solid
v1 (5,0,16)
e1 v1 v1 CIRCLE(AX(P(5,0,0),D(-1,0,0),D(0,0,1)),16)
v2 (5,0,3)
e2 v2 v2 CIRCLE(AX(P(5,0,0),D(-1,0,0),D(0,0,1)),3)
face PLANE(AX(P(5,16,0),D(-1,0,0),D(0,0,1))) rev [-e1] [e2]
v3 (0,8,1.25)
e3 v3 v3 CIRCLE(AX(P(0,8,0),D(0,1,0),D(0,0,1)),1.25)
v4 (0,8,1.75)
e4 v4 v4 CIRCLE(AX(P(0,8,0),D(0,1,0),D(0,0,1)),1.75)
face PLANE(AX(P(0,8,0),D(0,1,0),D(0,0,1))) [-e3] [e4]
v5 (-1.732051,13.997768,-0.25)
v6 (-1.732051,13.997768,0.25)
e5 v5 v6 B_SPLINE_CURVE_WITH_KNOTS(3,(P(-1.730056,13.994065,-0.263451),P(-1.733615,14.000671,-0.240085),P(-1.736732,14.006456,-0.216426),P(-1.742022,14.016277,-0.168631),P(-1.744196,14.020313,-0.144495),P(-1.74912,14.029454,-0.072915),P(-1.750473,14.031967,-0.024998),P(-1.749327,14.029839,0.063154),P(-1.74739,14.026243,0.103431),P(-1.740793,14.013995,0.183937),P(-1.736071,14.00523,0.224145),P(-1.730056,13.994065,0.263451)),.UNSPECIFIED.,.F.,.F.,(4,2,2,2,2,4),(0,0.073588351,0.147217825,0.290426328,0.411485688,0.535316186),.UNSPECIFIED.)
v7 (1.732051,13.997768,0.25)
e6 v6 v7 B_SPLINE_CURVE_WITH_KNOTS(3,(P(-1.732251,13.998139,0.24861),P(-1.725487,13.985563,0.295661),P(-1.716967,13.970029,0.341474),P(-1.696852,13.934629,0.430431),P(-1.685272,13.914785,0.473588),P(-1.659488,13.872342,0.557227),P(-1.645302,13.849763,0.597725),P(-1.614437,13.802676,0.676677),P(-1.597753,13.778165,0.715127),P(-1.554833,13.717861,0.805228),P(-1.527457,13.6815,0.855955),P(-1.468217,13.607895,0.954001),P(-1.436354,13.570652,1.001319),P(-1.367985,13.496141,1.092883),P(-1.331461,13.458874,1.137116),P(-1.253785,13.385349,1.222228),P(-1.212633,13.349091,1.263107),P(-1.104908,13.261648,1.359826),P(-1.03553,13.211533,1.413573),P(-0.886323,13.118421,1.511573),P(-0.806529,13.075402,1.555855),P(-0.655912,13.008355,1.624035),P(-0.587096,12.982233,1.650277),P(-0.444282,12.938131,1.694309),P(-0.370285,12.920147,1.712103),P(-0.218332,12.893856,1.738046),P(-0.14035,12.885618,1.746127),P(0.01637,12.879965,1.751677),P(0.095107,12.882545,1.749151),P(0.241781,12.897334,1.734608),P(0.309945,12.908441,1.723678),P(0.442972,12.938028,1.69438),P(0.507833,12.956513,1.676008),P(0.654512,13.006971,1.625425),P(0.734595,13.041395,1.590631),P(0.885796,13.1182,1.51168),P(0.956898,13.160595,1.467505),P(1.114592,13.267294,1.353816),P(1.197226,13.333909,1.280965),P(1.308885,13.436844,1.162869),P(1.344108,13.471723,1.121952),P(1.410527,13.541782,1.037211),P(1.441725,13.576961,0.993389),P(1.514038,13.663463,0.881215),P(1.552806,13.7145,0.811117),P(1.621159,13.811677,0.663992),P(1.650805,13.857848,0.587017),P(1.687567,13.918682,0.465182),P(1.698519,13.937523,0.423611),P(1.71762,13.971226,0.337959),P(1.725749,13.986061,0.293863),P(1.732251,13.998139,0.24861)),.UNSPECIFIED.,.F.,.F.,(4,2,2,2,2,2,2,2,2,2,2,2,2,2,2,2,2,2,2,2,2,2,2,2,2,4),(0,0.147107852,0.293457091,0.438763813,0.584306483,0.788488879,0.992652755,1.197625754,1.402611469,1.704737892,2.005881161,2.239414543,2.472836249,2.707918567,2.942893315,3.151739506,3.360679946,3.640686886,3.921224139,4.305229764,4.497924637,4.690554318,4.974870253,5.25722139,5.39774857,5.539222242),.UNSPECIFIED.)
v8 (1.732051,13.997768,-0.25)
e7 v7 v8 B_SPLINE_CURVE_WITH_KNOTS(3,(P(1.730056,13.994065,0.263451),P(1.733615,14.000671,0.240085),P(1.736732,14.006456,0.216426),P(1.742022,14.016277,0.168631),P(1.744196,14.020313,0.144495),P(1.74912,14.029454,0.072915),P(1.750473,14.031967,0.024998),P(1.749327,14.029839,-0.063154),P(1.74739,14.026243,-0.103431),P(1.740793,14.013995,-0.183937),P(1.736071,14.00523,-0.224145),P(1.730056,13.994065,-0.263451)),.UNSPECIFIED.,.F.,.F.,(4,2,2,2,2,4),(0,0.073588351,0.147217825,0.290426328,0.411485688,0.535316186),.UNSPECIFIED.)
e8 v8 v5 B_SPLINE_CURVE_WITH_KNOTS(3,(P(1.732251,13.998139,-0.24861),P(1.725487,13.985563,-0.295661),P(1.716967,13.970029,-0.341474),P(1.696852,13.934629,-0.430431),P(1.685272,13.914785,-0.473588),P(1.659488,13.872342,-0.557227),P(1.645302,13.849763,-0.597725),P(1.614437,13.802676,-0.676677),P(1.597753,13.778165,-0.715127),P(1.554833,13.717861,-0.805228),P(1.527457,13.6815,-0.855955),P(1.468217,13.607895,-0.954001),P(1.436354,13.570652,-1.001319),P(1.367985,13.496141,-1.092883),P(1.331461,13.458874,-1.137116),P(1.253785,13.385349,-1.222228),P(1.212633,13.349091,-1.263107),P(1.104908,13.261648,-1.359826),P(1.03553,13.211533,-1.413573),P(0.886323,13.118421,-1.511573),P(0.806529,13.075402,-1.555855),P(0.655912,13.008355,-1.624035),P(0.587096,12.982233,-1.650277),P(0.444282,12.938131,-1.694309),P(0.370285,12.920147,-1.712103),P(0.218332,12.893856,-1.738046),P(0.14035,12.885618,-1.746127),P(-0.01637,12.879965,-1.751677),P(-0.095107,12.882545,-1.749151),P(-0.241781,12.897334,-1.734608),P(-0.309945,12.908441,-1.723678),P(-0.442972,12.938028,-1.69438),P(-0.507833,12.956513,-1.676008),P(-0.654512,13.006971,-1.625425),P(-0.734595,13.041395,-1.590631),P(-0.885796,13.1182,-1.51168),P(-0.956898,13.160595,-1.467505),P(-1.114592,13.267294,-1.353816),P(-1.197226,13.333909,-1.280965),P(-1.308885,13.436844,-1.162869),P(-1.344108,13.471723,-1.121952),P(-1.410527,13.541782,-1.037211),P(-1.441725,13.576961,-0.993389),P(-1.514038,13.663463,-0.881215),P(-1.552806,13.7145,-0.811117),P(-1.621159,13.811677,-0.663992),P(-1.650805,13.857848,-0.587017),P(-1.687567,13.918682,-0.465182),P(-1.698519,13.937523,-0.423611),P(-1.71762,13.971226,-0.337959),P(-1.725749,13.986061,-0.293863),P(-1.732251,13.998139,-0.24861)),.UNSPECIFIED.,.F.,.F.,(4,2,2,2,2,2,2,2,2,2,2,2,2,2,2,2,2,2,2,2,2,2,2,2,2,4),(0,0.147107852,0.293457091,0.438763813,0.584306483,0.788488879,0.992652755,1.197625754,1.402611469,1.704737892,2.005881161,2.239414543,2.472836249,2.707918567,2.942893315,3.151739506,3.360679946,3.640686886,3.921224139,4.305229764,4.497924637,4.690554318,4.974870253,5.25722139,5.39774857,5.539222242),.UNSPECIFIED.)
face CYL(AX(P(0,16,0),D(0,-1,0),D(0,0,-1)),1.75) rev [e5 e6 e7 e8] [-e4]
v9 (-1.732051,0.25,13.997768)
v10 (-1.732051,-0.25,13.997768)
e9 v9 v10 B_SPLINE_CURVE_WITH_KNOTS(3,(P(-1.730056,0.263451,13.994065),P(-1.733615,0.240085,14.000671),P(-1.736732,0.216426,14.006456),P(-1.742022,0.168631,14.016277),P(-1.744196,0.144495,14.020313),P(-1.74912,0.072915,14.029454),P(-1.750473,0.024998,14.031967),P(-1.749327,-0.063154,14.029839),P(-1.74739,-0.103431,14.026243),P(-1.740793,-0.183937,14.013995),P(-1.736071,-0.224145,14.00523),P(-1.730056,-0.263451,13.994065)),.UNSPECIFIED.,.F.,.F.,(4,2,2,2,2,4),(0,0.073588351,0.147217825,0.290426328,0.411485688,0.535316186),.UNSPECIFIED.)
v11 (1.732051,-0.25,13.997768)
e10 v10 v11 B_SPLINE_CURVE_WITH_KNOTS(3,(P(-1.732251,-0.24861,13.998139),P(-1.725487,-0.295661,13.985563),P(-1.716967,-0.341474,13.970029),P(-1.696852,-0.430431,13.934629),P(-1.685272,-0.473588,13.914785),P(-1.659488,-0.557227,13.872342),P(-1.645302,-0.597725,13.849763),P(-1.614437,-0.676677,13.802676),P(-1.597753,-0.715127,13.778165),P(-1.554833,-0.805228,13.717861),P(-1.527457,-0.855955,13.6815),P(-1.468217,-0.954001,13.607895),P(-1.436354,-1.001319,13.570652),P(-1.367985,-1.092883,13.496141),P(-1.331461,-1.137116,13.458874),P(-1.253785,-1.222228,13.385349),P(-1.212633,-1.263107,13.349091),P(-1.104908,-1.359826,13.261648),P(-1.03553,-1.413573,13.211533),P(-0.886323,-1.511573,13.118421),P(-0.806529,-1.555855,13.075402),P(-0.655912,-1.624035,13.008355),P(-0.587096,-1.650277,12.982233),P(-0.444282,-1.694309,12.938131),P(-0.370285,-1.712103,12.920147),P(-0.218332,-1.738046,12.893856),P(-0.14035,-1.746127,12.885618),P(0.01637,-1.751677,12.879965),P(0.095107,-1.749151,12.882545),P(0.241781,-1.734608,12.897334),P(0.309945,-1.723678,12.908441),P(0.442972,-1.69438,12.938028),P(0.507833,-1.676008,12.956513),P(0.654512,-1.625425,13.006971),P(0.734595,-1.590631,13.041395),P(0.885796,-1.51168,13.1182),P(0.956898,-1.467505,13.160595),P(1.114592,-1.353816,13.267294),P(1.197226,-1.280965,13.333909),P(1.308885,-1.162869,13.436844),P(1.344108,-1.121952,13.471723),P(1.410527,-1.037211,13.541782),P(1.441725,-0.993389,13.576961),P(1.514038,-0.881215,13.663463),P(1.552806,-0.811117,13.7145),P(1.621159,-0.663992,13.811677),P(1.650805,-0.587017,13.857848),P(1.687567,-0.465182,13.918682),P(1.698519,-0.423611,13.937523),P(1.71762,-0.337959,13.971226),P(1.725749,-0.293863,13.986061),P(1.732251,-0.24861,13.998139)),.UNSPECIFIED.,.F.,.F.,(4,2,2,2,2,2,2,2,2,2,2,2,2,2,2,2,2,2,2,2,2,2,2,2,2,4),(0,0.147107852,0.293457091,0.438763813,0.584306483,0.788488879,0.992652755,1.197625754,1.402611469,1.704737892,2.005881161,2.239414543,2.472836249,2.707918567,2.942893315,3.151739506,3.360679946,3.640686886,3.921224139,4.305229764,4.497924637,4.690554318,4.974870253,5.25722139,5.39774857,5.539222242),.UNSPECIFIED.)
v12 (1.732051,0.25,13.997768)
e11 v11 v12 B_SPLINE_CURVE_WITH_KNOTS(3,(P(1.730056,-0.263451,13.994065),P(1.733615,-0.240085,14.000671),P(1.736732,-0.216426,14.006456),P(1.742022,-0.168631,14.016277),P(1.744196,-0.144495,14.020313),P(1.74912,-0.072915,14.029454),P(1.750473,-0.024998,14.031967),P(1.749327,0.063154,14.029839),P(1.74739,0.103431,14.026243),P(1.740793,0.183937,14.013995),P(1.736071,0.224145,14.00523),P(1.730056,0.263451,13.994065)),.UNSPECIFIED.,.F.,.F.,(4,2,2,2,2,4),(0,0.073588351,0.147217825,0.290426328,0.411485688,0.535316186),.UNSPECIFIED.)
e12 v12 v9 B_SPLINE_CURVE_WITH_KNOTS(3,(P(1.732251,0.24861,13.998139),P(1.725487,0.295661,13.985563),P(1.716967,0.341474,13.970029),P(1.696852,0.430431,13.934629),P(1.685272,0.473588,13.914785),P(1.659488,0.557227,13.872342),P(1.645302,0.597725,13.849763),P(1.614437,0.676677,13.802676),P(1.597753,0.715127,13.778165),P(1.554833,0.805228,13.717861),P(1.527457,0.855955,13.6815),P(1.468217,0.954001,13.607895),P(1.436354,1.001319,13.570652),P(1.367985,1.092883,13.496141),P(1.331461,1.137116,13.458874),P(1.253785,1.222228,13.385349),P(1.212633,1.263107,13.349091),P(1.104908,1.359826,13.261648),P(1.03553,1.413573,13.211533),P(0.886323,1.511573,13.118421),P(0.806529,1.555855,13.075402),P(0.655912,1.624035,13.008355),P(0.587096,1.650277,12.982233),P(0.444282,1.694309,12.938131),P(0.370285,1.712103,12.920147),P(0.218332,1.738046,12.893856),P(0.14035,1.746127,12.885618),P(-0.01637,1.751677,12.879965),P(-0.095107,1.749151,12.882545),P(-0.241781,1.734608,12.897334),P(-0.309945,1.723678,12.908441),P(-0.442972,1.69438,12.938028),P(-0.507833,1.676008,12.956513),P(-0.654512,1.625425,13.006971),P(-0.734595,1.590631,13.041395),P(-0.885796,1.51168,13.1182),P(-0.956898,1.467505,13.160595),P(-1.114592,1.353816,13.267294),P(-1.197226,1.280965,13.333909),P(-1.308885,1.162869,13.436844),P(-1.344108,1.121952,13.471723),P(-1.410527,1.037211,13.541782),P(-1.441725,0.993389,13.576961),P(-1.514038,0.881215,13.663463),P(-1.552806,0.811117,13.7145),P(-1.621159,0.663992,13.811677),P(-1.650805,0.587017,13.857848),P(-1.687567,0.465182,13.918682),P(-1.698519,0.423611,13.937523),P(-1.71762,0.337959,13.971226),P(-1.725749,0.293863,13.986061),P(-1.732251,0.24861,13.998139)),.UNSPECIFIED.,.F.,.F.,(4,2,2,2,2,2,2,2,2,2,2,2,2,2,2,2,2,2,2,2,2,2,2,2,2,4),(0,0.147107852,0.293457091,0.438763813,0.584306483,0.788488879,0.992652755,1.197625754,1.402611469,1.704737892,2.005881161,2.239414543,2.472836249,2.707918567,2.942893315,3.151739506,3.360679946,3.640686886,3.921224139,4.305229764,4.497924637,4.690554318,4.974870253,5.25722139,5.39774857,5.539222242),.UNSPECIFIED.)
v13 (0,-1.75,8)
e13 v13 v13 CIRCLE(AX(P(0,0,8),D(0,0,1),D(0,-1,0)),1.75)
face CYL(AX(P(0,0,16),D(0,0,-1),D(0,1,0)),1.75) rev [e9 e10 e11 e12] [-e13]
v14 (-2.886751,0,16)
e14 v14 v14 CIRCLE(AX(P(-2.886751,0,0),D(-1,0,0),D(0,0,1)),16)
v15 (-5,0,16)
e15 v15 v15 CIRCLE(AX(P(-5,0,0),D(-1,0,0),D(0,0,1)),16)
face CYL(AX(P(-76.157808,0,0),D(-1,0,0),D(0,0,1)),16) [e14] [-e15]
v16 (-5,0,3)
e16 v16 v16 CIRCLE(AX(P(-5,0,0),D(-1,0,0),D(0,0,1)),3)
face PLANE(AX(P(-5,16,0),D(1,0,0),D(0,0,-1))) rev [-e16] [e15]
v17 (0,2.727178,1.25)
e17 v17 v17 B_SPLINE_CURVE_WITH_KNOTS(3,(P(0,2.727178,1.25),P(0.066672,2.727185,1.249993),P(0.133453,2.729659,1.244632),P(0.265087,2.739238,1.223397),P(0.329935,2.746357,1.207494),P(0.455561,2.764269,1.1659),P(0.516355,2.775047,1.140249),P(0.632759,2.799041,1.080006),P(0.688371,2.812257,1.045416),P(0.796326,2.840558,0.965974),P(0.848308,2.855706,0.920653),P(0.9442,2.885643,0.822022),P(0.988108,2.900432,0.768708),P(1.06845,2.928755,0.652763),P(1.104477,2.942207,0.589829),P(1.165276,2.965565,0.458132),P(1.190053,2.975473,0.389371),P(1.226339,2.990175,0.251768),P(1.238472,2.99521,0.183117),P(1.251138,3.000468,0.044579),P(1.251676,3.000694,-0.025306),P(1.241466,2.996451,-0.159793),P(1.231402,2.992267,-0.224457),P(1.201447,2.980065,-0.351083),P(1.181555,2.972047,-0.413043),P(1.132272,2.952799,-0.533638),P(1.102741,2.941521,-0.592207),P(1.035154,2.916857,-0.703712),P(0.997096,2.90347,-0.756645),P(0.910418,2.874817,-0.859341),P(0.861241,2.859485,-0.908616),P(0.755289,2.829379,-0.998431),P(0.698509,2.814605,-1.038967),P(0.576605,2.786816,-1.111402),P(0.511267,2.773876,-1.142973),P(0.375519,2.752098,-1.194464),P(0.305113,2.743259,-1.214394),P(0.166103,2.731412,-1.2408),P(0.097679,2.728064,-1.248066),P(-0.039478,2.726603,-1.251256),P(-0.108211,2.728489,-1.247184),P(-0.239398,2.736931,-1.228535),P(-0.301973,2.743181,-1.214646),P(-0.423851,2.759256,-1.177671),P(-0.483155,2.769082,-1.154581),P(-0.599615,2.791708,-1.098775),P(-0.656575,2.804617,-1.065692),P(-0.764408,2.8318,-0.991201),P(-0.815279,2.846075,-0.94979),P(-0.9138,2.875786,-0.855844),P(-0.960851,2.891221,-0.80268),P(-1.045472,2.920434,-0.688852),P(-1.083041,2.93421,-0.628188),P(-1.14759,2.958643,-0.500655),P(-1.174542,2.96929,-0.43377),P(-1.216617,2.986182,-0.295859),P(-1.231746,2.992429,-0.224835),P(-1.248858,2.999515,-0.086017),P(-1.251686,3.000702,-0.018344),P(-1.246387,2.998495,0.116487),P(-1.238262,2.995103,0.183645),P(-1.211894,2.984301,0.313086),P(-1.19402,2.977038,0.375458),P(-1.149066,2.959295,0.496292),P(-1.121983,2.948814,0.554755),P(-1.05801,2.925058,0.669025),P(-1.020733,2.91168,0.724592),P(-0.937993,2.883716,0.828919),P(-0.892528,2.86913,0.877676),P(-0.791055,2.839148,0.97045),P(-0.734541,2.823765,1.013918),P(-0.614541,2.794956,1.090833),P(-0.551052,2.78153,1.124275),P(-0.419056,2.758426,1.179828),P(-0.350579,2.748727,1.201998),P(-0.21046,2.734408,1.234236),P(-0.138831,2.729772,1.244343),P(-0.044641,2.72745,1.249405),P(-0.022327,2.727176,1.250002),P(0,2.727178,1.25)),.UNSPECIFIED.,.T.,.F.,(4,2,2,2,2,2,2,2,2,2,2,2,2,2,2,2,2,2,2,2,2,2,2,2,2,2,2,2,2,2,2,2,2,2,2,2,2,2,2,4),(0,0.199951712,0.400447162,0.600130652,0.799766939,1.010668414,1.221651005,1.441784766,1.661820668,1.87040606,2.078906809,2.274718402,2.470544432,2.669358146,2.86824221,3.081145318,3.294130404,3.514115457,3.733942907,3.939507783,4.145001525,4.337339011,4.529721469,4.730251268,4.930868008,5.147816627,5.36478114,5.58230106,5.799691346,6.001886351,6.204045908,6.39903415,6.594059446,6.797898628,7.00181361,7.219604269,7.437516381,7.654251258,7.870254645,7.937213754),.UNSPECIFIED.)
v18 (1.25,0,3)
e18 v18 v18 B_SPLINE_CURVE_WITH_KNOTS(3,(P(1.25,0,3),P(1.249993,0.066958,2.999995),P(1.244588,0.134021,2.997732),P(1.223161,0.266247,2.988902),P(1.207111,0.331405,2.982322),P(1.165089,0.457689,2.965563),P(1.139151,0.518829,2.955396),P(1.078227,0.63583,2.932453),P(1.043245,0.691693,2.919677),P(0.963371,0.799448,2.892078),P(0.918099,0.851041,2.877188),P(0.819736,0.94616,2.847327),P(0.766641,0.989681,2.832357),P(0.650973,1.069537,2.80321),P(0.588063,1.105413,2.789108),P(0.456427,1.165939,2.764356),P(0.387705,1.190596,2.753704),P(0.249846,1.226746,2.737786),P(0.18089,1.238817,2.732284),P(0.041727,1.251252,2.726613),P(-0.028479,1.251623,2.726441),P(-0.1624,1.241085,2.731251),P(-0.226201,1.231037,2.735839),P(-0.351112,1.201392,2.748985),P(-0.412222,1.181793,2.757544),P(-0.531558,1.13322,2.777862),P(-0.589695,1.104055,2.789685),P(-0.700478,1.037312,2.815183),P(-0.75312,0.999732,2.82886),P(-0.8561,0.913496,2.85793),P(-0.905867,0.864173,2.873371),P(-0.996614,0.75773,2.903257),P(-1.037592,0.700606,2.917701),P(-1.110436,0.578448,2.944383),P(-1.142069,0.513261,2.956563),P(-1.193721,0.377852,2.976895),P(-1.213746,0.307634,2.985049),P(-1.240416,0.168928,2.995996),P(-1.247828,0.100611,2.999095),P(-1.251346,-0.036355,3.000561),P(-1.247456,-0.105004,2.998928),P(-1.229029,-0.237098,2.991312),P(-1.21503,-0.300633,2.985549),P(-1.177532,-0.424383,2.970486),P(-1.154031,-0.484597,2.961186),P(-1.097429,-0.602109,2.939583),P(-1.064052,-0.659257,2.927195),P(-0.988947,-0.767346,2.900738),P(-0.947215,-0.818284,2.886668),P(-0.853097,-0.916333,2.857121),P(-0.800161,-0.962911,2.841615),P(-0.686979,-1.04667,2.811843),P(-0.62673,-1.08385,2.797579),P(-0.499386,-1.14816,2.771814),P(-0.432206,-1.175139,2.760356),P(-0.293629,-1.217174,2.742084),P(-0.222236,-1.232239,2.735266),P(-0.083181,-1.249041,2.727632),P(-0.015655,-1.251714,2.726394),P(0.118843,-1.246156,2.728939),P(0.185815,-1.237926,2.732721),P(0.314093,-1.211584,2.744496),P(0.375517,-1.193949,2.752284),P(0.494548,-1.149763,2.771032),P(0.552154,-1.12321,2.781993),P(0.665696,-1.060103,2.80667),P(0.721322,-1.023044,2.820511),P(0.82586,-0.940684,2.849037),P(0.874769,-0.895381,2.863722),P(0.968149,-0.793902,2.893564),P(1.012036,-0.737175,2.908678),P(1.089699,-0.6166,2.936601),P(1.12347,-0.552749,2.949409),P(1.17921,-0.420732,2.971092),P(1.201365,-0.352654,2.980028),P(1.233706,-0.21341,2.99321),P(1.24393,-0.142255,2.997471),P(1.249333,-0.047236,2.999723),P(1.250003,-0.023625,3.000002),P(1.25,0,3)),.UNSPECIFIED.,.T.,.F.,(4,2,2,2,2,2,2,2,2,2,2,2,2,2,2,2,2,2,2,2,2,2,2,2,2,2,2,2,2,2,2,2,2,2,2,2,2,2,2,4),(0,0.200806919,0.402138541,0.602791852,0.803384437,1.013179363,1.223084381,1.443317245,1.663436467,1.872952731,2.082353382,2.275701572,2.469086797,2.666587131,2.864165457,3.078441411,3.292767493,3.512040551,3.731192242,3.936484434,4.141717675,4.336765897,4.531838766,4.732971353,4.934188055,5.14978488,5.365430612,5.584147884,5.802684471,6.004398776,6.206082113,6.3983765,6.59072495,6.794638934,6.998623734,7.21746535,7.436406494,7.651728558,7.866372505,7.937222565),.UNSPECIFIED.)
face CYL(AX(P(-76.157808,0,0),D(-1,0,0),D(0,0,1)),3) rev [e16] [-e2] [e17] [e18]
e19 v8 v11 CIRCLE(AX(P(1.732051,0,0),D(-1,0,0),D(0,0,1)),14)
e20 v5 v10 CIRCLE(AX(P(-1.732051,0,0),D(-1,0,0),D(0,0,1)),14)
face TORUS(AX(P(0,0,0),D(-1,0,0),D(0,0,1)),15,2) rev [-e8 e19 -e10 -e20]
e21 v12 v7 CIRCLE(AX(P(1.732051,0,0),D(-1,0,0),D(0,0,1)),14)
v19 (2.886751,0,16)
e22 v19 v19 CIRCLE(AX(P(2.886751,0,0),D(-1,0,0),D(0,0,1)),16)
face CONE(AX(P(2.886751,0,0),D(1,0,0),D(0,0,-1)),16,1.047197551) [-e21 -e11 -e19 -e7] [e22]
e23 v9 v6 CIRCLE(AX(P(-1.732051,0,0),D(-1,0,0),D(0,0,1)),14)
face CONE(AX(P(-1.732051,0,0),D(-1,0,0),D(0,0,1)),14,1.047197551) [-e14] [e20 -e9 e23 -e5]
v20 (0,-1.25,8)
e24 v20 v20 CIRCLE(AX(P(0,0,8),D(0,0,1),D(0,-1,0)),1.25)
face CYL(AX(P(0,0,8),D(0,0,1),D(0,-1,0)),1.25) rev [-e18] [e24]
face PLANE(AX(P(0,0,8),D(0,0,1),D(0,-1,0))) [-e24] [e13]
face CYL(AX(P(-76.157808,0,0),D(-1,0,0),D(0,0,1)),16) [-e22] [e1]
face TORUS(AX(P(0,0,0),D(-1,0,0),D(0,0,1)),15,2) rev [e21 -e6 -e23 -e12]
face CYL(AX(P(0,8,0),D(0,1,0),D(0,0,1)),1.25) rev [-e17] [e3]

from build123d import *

# Parameters (mm, degrees)
CUT_EXTRUDE_START        = -5
SKETCH_2_R               = 1.75
CUT_EXTRUDE_1_DEPTH      = 39.496268449
SKETCH_4_W               = 1.25
SKETCH_4_H               = 8
PATTERN_CIRCULAR_1_COUNT = 2
PATTERN_CIRCULAR_1_ANGLE = 90


with BuildPart() as part:
    # ｽｹｯﾁ1 → 回転1 (revolve)
    with BuildSketch(Plane.XY, mode=Mode.PRIVATE) as revolve_1_sk:
        with BuildLine():
            Line((5, 16), (5, 3))
            Line((5, 3), (-5, 3))
            Line((-5, 3), (-5, 16))
            Line((-5, 16), (-2.886751346, 16))
            Line((-2.886751346, 16), (-1.732050808, 14))
            ThreePointArc((-1.732050808, 14), (0, 13), (1.732050808, 14))
            Line((1.732050808, 14), (2.886751346, 16))
            Line((2.886751346, 16), (5, 16))
        make_face()
    revolve(revolve_1_sk.sketch.rotate(Axis((-76.157807816, 0, 0), (1, 0, 0)), 90), axis=Axis((-76.157807816, 0, 0), (1, 0, 0)))

    # ｽｹｯﾁ2 → ｶｯﾄ - 押し出し1 (cut)
    with BuildSketch(Plane(origin=(0, 13, 0), x_dir=(1, 0, 0), z_dir=(0, 1, 0)).offset(CUT_EXTRUDE_START)):
        with Locations(Location((0, 0, 0), (0, 0, 171.786783431))):
            Circle(SKETCH_2_R)
    cut_extrude_1 = extrude(amount=CUT_EXTRUDE_1_DEPTH, mode=Mode.SUBTRACT)

    # ｽｹｯﾁ4 → M3x0.5 ねじ穴1 (revolve, cut)
    with BuildSketch(Plane(origin=(0, 8, 0), x_dir=(0, 0, 1), z_dir=(1, 0, 0))):
        with Locations((0.625, 4)):
            Rectangle(SKETCH_4_W, SKETCH_4_H)
    m3x0_5_1 = revolve(axis=Axis((0, 14.35, 0), (0, -1, 0)), mode=Mode.SUBTRACT)

    # 円形ﾊﾟﾀｰﾝ1: ｶｯﾄ - 押し出し1, M3x0.5 ねじ穴1 ×2 about axis
    pattern_circular_1_axis = Axis((-88.99, 0, 0), (1, 0, 0))
    add([cut_extrude_1.rotate(pattern_circular_1_axis, i * PATTERN_CIRCULAR_1_ANGLE / (PATTERN_CIRCULAR_1_COUNT - 1)) for i in range(1, PATTERN_CIRCULAR_1_COUNT)], mode=Mode.SUBTRACT)
    add([m3x0_5_1.rotate(pattern_circular_1_axis, i * PATTERN_CIRCULAR_1_ANGLE / (PATTERN_CIRCULAR_1_COUNT - 1)) for i in range(1, PATTERN_CIRCULAR_1_COUNT)], mode=Mode.SUBTRACT)


solid = part.part
